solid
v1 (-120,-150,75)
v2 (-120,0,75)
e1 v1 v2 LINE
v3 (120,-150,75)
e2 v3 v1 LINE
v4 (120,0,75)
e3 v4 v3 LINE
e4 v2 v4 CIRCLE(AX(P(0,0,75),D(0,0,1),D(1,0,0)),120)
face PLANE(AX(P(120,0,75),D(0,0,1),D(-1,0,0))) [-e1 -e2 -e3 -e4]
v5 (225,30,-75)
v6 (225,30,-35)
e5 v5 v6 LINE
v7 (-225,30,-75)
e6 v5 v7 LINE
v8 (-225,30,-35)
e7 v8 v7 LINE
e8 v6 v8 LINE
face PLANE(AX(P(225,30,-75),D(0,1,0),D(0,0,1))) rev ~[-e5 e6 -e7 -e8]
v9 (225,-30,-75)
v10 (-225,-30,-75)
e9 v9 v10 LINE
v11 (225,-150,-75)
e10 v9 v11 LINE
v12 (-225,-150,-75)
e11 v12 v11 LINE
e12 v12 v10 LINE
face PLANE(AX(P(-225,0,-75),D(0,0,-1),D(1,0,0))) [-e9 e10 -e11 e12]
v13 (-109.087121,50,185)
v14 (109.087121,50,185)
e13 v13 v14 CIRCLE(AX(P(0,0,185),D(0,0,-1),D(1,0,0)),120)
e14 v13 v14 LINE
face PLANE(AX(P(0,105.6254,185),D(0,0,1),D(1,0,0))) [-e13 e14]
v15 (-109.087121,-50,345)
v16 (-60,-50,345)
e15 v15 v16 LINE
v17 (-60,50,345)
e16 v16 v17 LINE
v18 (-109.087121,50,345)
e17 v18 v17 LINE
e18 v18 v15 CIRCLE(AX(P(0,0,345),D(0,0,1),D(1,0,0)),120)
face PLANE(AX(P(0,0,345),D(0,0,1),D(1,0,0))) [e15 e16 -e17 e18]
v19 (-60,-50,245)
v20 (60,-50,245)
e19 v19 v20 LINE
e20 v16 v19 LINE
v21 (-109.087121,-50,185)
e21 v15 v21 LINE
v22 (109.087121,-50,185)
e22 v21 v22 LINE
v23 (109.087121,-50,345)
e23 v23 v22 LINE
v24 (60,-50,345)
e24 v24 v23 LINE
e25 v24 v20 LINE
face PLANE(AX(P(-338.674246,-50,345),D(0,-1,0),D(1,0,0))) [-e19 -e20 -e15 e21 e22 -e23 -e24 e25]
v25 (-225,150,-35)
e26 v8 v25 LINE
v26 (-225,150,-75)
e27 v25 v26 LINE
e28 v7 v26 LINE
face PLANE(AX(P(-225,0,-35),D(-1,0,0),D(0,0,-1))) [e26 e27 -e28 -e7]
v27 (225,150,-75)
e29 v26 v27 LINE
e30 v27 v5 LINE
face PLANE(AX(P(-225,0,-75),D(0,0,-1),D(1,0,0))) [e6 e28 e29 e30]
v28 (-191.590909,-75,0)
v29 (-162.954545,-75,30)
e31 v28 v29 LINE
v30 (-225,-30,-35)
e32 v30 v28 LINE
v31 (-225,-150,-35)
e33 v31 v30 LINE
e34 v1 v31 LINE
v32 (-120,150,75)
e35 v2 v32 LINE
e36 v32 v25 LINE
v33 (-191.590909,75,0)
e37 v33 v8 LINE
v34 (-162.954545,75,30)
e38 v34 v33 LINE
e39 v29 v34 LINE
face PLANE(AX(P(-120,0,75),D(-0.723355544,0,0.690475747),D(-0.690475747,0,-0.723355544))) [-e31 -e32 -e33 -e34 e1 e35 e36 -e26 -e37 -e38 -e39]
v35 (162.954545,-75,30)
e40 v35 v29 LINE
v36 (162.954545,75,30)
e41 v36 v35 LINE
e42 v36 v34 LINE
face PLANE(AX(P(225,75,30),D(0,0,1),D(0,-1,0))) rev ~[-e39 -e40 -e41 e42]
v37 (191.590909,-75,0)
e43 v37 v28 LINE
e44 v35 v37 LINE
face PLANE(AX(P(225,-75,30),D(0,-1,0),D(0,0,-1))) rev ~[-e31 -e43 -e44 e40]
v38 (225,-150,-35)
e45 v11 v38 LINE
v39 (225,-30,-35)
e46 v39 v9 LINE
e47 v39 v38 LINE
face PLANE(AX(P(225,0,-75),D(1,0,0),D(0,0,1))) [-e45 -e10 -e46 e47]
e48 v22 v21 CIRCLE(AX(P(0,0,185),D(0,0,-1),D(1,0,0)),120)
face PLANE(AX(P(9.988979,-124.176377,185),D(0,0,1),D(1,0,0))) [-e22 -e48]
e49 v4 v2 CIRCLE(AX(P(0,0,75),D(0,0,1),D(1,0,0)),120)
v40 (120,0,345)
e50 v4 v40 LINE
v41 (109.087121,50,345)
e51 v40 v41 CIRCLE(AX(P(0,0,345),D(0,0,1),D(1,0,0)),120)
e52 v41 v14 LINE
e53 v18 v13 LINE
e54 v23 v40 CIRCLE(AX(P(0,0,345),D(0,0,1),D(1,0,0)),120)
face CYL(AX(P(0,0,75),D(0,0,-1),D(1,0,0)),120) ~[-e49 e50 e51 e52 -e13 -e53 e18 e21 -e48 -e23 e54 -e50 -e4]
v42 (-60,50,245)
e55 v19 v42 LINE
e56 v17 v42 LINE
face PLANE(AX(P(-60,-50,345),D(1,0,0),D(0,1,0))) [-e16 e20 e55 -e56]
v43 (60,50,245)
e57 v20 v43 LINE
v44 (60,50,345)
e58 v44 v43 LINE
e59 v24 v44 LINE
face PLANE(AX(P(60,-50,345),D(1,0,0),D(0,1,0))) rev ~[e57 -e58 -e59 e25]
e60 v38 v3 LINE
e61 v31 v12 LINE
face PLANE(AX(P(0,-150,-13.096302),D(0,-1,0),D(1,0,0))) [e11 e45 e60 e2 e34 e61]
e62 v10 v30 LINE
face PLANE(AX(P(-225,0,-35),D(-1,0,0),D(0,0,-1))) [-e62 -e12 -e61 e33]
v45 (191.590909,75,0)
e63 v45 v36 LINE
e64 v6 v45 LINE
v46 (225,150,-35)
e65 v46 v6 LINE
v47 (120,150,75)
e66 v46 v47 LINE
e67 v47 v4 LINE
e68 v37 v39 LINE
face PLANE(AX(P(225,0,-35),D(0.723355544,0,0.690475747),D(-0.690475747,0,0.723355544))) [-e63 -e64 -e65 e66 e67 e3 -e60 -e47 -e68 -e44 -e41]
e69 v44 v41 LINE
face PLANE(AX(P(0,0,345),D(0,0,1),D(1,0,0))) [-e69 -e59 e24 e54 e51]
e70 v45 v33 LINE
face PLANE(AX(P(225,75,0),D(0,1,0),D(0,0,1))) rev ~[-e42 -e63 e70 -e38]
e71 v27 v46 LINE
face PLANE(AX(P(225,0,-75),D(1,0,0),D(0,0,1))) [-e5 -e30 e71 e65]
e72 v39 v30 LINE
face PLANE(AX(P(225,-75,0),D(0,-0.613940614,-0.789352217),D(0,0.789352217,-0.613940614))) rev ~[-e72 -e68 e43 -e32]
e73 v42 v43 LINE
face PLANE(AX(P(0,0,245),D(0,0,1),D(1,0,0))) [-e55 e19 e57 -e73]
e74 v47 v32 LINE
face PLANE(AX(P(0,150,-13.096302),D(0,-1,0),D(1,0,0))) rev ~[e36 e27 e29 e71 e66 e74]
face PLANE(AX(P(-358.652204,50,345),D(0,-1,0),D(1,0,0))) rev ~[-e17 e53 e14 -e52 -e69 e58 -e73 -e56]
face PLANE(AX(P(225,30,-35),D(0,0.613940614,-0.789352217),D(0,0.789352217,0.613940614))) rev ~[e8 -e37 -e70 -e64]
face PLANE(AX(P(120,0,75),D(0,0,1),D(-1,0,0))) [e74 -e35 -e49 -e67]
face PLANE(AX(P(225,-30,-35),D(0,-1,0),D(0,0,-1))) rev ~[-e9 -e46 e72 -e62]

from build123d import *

# Parameters (mm, degrees)
F1_DEPTH = 150
F2_R     = 120
F3_DEPTH = 270
F4_W     = 717.304408
F4_H     = 111.2508
F4_W_2   = 697.326451
F4_H_2   = 148.352754
F5_DEPTH = 160
F6_W     = 120
F6_H     = 100
F7_DEPTH = 100
F9_DEPTH = 450.001


with BuildPart() as f1:
    # F0 (on Front) → F1 (new body, symmetric)
    with BuildSketch(Plane.XZ):
        Polygon((-225, -75), (225, -75), (225, -35), (120, 75), (-120, 75), (-225, -35), align=None)
    extrude(amount=F1_DEPTH, both=True)

    # F2 (on face) → F3 (join)
    with BuildSketch(Plane.XY.offset(75)):
        Circle(F2_R)
    extrude(amount=F3_DEPTH)

    # F4 (on face) → F5 (cut)
    with BuildSketch(Plane.XY.offset(345)):
        with Locations((0, 105.6254)):
            Rectangle(F4_W, F4_H)
        with Locations((9.988979, -124.176377)):
            Rectangle(F4_W_2, F4_H_2)
    extrude(amount=-F5_DEPTH, mode=Mode.SUBTRACT)

    # F6 (on face) → F7 (cut)
    with BuildSketch(Plane.XY.offset(345)):
        Rectangle(F6_W, F6_H)
    extrude(amount=-F7_DEPTH, mode=Mode.SUBTRACT)

    # F8 (on face) → F9 (cut, through all)
    with BuildSketch(Plane.YZ.offset(225)):
        Polygon((-30, -35), (-30, -75), (30, -75), (30, -35), (75, 0), (75, 30), (-75, 30), (-75, 0), align=None)
    extrude(amount=-F9_DEPTH, mode=Mode.SUBTRACT)


solid = f1.part
